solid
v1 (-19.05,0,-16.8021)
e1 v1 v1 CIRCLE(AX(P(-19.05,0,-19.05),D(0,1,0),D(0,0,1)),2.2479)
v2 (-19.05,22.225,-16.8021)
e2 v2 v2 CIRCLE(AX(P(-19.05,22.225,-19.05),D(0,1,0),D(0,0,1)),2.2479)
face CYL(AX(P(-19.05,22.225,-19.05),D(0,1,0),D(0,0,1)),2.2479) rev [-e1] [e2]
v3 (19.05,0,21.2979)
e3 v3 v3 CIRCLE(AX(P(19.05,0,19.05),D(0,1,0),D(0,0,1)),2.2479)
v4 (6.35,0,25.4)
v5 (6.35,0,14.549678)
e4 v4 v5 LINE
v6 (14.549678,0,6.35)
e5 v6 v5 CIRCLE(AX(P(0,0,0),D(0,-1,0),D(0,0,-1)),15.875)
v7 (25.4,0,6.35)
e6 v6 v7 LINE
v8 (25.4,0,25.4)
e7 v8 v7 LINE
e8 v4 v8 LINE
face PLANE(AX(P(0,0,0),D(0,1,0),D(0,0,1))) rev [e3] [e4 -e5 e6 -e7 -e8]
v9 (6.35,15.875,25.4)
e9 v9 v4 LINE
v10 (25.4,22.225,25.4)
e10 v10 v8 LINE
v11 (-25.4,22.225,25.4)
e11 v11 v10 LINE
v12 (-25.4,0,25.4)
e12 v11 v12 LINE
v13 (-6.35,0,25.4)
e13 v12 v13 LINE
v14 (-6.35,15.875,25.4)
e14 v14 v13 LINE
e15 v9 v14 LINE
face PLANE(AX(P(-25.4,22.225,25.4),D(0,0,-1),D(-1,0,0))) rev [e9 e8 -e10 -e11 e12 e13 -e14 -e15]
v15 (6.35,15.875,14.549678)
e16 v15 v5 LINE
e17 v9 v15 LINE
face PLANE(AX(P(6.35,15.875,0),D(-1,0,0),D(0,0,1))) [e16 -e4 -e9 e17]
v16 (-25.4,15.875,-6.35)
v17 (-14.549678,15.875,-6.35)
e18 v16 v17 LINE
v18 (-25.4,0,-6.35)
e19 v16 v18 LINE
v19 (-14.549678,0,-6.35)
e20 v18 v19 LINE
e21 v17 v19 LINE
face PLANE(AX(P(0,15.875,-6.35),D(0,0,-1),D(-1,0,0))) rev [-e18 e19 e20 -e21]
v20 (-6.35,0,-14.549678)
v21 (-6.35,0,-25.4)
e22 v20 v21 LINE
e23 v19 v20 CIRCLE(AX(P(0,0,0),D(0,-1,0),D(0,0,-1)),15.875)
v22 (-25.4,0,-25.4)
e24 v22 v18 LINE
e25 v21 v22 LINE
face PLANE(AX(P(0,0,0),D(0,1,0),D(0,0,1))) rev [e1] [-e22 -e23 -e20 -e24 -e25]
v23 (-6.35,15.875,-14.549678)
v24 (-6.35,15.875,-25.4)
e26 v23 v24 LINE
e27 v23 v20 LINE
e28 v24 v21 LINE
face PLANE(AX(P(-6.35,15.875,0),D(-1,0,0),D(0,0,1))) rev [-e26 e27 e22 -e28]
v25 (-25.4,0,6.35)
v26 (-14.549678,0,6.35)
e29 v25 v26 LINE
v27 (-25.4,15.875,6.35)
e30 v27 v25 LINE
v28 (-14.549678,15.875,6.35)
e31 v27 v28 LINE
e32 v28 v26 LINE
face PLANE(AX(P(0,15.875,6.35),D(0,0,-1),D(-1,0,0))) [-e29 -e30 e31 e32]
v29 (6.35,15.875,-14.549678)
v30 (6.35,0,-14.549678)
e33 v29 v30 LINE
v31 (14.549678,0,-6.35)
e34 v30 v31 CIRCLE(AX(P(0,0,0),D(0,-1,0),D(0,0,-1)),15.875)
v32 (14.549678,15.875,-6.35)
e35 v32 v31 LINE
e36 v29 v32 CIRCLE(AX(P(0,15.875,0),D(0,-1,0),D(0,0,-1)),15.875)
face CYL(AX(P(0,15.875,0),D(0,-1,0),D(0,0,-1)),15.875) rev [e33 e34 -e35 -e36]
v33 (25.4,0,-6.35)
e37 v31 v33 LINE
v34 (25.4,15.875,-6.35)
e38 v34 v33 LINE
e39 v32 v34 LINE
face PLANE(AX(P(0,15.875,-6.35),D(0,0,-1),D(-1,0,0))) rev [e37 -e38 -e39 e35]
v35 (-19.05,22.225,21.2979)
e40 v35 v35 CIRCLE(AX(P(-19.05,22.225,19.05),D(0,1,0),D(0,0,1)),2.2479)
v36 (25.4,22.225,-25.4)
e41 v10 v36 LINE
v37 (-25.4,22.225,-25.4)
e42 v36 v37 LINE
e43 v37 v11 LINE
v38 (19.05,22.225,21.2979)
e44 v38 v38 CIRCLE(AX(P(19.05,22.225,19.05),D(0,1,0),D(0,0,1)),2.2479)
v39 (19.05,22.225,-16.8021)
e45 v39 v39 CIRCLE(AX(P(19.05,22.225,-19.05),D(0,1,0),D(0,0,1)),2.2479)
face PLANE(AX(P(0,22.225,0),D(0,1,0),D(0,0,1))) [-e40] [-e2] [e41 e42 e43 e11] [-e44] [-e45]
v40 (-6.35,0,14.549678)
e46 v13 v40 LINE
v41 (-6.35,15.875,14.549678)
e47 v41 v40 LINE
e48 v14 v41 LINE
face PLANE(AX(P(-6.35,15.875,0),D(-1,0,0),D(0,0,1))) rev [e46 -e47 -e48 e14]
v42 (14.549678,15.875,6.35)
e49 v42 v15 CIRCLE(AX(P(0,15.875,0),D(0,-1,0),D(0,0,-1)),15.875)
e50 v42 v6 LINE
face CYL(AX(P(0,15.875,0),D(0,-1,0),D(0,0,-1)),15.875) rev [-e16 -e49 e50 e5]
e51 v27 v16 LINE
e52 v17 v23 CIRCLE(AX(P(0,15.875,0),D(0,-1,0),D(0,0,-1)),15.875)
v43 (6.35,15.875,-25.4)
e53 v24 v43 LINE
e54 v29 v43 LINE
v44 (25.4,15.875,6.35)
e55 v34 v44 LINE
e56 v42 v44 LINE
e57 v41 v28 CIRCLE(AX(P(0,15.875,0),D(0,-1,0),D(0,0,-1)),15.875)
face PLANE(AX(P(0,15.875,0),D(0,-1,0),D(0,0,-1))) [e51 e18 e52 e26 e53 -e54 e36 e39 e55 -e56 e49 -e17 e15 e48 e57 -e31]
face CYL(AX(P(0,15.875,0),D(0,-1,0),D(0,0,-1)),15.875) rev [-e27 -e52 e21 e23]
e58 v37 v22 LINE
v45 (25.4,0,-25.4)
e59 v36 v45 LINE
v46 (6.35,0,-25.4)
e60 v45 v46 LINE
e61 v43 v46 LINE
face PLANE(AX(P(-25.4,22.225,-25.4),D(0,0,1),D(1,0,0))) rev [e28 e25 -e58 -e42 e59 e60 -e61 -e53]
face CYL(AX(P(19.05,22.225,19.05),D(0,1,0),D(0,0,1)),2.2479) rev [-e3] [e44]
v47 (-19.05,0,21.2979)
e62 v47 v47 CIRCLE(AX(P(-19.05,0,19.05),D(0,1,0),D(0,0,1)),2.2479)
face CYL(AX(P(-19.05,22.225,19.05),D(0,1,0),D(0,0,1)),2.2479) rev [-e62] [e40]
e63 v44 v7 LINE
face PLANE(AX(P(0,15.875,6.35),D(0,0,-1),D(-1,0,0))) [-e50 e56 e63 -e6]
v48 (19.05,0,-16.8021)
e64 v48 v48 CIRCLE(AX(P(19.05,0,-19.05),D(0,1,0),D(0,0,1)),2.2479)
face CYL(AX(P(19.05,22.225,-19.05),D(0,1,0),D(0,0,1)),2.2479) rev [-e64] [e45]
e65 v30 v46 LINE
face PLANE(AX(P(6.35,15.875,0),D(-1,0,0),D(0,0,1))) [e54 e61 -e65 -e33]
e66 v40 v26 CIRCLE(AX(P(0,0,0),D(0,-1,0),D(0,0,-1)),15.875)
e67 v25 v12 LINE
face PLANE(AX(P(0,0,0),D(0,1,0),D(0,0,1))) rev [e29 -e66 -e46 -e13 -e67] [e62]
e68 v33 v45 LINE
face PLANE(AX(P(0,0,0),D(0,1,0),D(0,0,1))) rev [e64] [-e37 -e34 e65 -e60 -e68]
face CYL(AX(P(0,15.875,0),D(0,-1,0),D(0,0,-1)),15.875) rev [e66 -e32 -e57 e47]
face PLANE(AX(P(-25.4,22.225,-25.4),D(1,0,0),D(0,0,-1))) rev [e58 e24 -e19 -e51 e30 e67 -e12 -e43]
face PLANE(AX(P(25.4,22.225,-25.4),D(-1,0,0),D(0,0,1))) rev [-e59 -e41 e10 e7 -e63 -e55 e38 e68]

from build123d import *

# Parameters (mm, degrees)
SKETCH1_W             = 50.8
SKETCH1_H             = 50.8
BOSS_EXTRUDE1_DEPTH   = 22.225
F_8_CLEARANCE_HOLE1_D = 4.4958
SKETCH9_W             = 12.7
SKETCH9_H             = 12.7
CUT_EXTRUDE1_DEPTH    = 15.875


with BuildPart() as part:
    # Sketch1 → Boss-Extrude1 (new body)
    with BuildSketch(Plane(origin=(0, 0, 0), x_dir=(1, 0, 0), z_dir=(0, 1, 0))):
        Rectangle(SKETCH1_W, SKETCH1_H)
    extrude(amount=BOSS_EXTRUDE1_DEPTH)

    # #8 Clearance Hole1 (through all)
    with Locations(Plane(origin=(0, 22.225, 0), x_dir=(1, 0, 0), z_dir=(0, 1, 0))):
        with Locations((-19.05, 19.05), (19.05, 19.05), (19.05, -19.05), (-19.05, -19.05)):
            Hole(F_8_CLEARANCE_HOLE1_D / 2)

    # Sketch9 → Cut-Extrude1 (cut)
    with BuildSketch(Plane.XZ):
        with BuildLine():
            ThreePointArc((-6.35, 14.549677831), (-11.225320151, 11.225320151), (-14.549677831, 6.35))
            Line((-14.549677831, 6.35), (-6.35, 6.35))
            Line((-6.35, 6.35), (-6.35, 14.549677831))
        make_face()
        with BuildLine():
            Line((-6.35, 25.4), (-6.35, 14.549677831))
            ThreePointArc((-6.35, 14.549677831), (0, 15.875), (6.35, 14.549677831))
            Line((6.35, 14.549677831), (6.35, 25.4))
            Line((6.35, 25.4), (-6.35, 25.4))
        make_face()
        with BuildLine():
            Line((6.35, 14.549677831), (6.35, 6.35))
            Line((6.35, 6.35), (14.549677831, 6.35))
            ThreePointArc((14.549677831, 6.35), (11.225320151, 11.225320151), (6.35, 14.549677831))
        make_face()
        with BuildLine():
            Line((25.4, 6.35), (14.549677831, 6.35))
            ThreePointArc((14.549677831, 6.35), (15.540137718, 3.243415594), (15.875, 0))
            ThreePointArc((15.875, 0), (15.540137718, -3.243415594), (14.549677831, -6.35))
            Line((14.549677831, -6.35), (25.4, -6.35))
            Line((25.4, -6.35), (25.4, 6.35))
        make_face()
        with BuildLine():
            Line((14.549677831, -6.35), (6.35, -6.35))
            Line((6.35, -6.35), (6.35, -14.549677831))
            ThreePointArc((6.35, -14.549677831), (11.225320151, -11.225320151), (14.549677831, -6.35))
        make_face()
        with BuildLine():
            ThreePointArc((6.35, -14.549677831), (0, -15.875), (-6.35, -14.549677831))
            Line((-6.35, -14.549677831), (-6.35, -25.4))
            Line((-6.35, -25.4), (6.35, -25.4))
            Line((6.35, -25.4), (6.35, -14.549677831))
        make_face()
        with BuildLine():
            Line((-6.35, -6.35), (-14.549677831, -6.35))
            ThreePointArc((-14.549677831, -6.35), (-11.225320151, -11.225320151), (-6.35, -14.549677831))
            Line((-6.35, -14.549677831), (-6.35, -6.35))
        make_face()
        with BuildLine():
            Line((-14.549677831, 6.35), (-25.4, 6.35))
            Line((-25.4, 6.35), (-25.4, -6.35))
            Line((-25.4, -6.35), (-14.549677831, -6.35))
            ThreePointArc((-14.549677831, -6.35), (-15.875, 0), (-14.549677831, 6.35))
        make_face()
        with BuildLine():
            Line((-6.35, 6.35), (-14.549677831, 6.35))
            ThreePointArc((-14.549677831, 6.35), (-15.875, 0), (-14.549677831, -6.35))
            Line((-14.549677831, -6.35), (-6.35, -6.35))
            Line((-6.35, -6.35), (-6.35, 6.35))
        make_face()
        with BuildLine():
            Line((6.35, -6.35), (-6.35, -6.35))
            Line((-6.35, -6.35), (-6.35, -14.549677831))
            ThreePointArc((-6.35, -14.549677831), (0, -15.875), (6.35, -14.549677831))
            Line((6.35, -14.549677831), (6.35, -6.35))
        make_face()
        with BuildLine():
            Line((14.549677831, 6.35), (6.35, 6.35))
            Line((6.35, 6.35), (6.35, -6.35))
            Line((6.35, -6.35), (14.549677831, -6.35))
            ThreePointArc((14.549677831, -6.35), (15.540137718, -3.243415594), (15.875, 0))
            ThreePointArc((15.875, 0), (15.540137718, 3.243415594), (14.549677831, 6.35))
        make_face()
        Rectangle(SKETCH9_W, SKETCH9_H)
        with BuildLine():
            Line((-6.35, 14.549677831), (-6.35, 6.35))
            Line((-6.35, 6.35), (6.35, 6.35))
            Line((6.35, 6.35), (6.35, 14.549677831))
            ThreePointArc((6.35, 14.549677831), (0, 15.875), (-6.35, 14.549677831))
        make_face()
    extrude(amount=-CUT_EXTRUDE1_DEPTH, mode=Mode.SUBTRACT)


solid = part.part
